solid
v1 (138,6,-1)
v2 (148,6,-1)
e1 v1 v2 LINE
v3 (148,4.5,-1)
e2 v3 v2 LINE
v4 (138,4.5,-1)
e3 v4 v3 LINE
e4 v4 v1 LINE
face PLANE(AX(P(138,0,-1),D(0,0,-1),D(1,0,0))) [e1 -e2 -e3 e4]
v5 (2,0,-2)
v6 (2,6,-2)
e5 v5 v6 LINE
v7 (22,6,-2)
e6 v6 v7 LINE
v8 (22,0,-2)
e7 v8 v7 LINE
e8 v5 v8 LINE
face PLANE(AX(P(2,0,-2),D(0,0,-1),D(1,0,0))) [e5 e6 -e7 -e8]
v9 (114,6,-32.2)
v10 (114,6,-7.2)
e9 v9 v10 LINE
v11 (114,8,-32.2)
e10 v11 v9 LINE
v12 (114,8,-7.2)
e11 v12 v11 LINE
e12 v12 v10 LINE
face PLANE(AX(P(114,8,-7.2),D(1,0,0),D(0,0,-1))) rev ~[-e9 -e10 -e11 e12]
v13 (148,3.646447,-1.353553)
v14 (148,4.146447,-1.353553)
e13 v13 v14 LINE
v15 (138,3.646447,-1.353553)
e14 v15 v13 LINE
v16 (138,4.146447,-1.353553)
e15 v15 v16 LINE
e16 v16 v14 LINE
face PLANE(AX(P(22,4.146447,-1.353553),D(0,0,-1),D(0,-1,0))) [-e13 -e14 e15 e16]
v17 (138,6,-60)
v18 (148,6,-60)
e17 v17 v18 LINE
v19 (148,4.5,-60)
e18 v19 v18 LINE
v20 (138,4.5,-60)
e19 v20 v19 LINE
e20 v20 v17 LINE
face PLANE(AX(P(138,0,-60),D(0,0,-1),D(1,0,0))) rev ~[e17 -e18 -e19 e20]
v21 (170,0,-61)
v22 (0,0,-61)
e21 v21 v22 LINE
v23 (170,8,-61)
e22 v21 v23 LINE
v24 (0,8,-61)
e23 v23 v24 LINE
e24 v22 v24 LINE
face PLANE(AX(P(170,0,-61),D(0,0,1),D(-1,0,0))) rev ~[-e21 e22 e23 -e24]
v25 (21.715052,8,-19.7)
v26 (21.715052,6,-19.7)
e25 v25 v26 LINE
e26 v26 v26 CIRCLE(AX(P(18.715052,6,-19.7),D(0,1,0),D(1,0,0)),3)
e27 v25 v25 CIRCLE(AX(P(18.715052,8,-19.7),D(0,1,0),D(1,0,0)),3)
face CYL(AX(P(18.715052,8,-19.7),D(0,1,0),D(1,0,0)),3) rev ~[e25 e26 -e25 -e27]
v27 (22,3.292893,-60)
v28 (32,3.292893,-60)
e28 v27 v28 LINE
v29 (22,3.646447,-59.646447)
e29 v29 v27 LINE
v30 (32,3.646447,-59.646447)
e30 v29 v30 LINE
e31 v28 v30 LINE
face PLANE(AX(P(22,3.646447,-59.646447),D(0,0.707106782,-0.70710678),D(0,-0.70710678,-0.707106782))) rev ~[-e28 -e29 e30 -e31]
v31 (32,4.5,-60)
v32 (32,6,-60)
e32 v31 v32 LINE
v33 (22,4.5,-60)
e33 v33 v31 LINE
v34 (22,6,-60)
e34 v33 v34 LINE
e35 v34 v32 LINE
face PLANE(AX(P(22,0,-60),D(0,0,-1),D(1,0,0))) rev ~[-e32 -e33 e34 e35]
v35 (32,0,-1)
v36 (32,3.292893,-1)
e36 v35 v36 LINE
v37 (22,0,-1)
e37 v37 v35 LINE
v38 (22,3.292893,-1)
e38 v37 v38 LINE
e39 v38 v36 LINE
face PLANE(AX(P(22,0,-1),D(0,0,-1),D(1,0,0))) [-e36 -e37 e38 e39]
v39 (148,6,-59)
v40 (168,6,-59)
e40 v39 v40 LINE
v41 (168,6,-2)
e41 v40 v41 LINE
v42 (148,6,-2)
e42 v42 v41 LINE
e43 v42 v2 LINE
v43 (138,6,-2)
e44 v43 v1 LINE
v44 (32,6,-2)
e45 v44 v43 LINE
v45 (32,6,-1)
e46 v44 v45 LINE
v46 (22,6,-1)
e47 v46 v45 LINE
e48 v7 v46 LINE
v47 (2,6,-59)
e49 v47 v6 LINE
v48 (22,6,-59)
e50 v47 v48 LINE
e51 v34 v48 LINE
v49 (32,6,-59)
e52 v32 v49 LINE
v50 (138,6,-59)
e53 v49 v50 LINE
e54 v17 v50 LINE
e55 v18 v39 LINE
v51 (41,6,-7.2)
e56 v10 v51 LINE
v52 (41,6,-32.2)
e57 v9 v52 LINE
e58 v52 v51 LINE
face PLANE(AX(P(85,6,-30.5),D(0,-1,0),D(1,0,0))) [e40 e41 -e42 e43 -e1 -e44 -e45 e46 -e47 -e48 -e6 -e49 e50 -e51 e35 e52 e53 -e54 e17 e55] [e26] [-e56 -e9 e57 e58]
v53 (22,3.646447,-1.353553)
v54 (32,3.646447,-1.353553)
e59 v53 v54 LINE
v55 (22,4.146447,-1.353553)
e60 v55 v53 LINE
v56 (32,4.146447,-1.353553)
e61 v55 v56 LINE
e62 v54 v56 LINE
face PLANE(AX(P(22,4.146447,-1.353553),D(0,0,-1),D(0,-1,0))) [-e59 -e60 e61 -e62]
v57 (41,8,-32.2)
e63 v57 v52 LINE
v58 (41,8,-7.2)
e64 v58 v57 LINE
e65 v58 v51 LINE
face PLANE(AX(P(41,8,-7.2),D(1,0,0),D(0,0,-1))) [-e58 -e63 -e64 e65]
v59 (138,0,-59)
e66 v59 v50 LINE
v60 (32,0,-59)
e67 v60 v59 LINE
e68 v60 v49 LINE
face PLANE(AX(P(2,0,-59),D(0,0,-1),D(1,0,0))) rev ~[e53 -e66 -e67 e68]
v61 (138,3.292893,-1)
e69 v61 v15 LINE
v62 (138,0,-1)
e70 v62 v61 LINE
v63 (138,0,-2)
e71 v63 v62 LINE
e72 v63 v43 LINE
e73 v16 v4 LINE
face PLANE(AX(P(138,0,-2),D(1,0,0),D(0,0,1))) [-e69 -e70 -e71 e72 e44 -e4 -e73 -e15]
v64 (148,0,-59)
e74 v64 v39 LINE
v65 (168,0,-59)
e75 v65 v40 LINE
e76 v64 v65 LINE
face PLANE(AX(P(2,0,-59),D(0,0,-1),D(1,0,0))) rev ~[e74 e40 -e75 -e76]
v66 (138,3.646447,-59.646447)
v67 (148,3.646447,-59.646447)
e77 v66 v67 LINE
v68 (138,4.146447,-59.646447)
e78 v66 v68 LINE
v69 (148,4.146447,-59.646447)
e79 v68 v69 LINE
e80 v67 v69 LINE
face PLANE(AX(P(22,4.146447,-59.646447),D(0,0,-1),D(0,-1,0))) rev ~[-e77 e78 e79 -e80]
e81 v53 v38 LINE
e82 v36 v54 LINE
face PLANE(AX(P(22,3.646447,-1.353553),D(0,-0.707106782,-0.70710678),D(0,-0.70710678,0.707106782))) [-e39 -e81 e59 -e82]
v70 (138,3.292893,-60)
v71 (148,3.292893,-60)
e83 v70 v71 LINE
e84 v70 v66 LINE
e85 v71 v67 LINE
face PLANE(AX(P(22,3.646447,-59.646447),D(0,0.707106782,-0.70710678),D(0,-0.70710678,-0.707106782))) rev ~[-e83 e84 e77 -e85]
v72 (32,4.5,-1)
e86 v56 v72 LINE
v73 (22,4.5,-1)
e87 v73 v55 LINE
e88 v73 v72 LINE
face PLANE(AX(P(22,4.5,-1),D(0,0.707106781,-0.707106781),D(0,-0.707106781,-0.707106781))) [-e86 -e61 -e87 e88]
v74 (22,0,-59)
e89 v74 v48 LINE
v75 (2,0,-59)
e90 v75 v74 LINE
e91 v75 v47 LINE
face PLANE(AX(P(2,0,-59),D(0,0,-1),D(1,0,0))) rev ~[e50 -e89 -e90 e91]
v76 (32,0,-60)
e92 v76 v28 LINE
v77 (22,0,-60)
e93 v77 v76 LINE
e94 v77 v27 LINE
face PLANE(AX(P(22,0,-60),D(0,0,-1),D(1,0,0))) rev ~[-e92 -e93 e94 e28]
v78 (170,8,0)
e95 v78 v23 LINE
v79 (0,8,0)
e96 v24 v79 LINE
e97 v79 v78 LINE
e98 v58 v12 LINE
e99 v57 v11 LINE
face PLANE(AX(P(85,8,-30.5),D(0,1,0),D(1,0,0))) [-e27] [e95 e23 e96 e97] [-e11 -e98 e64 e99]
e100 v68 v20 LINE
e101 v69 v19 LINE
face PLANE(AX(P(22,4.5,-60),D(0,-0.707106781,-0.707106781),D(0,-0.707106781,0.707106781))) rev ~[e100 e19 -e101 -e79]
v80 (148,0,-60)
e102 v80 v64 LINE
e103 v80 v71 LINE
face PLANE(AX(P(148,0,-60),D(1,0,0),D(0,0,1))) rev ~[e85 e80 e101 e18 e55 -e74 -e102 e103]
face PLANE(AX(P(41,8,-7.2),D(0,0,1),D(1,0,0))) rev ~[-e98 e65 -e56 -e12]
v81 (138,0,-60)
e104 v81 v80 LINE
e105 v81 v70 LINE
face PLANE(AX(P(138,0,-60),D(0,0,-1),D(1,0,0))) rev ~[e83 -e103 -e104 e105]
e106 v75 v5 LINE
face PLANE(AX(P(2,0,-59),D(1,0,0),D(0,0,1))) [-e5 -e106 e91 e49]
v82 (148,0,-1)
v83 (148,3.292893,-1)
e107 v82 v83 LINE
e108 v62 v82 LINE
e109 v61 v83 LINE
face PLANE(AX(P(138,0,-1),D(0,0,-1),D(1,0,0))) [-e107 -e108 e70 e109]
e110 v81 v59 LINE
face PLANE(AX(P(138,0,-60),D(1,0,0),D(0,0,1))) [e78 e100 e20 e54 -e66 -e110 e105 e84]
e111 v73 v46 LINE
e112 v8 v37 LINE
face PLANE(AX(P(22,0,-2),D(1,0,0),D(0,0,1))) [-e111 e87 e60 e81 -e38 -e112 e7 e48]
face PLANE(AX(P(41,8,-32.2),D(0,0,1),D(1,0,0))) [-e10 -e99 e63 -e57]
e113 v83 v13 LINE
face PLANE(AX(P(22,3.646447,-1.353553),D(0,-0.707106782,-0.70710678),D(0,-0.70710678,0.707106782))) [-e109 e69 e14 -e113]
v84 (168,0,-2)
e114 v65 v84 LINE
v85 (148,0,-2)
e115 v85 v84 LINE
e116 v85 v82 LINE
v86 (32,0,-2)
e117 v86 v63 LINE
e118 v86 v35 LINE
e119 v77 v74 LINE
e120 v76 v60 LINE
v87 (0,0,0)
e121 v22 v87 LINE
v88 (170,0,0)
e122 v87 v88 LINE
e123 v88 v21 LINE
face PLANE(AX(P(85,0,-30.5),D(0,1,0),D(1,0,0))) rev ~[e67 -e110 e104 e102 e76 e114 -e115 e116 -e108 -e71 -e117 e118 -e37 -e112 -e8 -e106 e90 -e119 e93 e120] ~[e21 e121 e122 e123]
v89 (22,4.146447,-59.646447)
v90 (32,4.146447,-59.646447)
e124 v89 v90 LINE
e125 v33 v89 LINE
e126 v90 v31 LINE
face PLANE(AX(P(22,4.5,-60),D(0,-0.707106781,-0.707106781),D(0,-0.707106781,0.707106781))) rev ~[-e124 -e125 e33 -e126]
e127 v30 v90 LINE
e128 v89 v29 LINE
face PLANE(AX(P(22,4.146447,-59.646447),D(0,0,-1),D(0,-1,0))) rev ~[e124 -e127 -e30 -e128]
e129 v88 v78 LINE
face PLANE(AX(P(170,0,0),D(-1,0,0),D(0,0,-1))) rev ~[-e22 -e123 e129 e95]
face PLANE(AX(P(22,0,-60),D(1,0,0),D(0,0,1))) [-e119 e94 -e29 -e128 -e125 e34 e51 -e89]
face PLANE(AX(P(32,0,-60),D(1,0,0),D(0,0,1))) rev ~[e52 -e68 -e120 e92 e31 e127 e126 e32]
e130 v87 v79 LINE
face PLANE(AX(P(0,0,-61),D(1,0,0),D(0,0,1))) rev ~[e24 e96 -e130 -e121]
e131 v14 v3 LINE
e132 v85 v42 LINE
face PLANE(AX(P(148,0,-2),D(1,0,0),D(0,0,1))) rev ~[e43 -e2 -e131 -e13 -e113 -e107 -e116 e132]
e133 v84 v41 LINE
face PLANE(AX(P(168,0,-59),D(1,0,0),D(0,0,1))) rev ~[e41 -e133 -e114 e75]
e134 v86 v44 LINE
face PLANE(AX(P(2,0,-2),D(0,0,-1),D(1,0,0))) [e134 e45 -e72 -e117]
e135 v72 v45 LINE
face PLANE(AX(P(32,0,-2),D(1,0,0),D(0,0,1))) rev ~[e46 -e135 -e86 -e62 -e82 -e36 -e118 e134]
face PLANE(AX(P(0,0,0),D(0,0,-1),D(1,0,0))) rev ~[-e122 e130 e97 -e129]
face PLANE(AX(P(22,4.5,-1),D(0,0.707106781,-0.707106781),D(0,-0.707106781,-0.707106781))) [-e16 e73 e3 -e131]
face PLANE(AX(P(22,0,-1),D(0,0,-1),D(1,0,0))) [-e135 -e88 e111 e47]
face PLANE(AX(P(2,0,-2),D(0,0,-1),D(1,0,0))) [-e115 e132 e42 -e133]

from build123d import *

# Parameters (mm, degrees)
BOSS_EXTRUDE1_DEPTH = 8
SKETCH9_W           = 166
SKETCH9_H           = 57
CUT_EXTRUDE5_DEPTH  = 6
SKETCH10_W          = 10
SKETCH10_H          = 1
CUT_EXTRUDE6_DEPTH  = 6
BOSS_EXTRUDE4_DEPTH = 130
SKETCH13_R          = 3
SKETCH13_W          = 73
SKETCH13_H          = 25
CUT_EXTRUDE7_DEPTH  = 130


with BuildPart() as part:
    # Sketch1 → Boss-Extrude1 (new body)
    with BuildSketch(Plane(origin=(0, 0, 0), x_dir=(1, 0, 0), z_dir=(0, 1, 0))):
        Polygon((0, 0), (88, 0), (170, 0), (170, 41), (170, 61), (0, 61), align=None)
    extrude(amount=BOSS_EXTRUDE1_DEPTH)

    # Sketch9 → Cut-Extrude5 (cut)
    with BuildSketch(Plane.XZ):
        with Locations((85, -30.5)):
            Rectangle(SKETCH9_W, SKETCH9_H)
    extrude(amount=-CUT_EXTRUDE5_DEPTH, mode=Mode.SUBTRACT)

    # Sketch10 → Cut-Extrude6 (cut)
    with BuildSketch(Plane.XZ):
        with Locations((27, -1.5)):
            Rectangle(SKETCH10_W, SKETCH10_H)
        with Locations((27, -59.5)):
            Rectangle(SKETCH10_W, SKETCH10_H)
        with Locations((143, -59.5)):
            Rectangle(SKETCH10_W, SKETCH10_H)
        with Locations((143, -1.5)):
            Rectangle(SKETCH10_W, SKETCH10_H)
    extrude(amount=-CUT_EXTRUDE6_DEPTH, mode=Mode.SUBTRACT)

    # Sketch11 → Boss-Extrude4 (add)
    with BuildSketch(Plane(origin=(22, 0, 0), x_dir=(0, 0, -1), z_dir=(1, 0, 0))):
        Polygon((1, 3.292893219), (1, 4.5), (1.353553391, 4.146446609), (1.353553391, 3.646446609), align=None)
        Polygon((60, 3.292893219), (60, 4.5), (59.646446609, 4.146446609), (59.646446609, 3.646446609), align=None)
    extrude(amount=BOSS_EXTRUDE4_DEPTH)

    # Sketch13 → Cut-Extrude7 (cut)
    with BuildSketch(Plane(origin=(0, 8, 0), x_dir=(1, 0, 0), z_dir=(0, 1, 0))):
        with Locations((18.71505207, 19.7)):
            Circle(SKETCH13_R)
        with Locations((77.5, 19.7)):
            Rectangle(SKETCH13_W, SKETCH13_H)
    extrude(amount=-CUT_EXTRUDE7_DEPTH, mode=Mode.SUBTRACT)


solid = part.part
